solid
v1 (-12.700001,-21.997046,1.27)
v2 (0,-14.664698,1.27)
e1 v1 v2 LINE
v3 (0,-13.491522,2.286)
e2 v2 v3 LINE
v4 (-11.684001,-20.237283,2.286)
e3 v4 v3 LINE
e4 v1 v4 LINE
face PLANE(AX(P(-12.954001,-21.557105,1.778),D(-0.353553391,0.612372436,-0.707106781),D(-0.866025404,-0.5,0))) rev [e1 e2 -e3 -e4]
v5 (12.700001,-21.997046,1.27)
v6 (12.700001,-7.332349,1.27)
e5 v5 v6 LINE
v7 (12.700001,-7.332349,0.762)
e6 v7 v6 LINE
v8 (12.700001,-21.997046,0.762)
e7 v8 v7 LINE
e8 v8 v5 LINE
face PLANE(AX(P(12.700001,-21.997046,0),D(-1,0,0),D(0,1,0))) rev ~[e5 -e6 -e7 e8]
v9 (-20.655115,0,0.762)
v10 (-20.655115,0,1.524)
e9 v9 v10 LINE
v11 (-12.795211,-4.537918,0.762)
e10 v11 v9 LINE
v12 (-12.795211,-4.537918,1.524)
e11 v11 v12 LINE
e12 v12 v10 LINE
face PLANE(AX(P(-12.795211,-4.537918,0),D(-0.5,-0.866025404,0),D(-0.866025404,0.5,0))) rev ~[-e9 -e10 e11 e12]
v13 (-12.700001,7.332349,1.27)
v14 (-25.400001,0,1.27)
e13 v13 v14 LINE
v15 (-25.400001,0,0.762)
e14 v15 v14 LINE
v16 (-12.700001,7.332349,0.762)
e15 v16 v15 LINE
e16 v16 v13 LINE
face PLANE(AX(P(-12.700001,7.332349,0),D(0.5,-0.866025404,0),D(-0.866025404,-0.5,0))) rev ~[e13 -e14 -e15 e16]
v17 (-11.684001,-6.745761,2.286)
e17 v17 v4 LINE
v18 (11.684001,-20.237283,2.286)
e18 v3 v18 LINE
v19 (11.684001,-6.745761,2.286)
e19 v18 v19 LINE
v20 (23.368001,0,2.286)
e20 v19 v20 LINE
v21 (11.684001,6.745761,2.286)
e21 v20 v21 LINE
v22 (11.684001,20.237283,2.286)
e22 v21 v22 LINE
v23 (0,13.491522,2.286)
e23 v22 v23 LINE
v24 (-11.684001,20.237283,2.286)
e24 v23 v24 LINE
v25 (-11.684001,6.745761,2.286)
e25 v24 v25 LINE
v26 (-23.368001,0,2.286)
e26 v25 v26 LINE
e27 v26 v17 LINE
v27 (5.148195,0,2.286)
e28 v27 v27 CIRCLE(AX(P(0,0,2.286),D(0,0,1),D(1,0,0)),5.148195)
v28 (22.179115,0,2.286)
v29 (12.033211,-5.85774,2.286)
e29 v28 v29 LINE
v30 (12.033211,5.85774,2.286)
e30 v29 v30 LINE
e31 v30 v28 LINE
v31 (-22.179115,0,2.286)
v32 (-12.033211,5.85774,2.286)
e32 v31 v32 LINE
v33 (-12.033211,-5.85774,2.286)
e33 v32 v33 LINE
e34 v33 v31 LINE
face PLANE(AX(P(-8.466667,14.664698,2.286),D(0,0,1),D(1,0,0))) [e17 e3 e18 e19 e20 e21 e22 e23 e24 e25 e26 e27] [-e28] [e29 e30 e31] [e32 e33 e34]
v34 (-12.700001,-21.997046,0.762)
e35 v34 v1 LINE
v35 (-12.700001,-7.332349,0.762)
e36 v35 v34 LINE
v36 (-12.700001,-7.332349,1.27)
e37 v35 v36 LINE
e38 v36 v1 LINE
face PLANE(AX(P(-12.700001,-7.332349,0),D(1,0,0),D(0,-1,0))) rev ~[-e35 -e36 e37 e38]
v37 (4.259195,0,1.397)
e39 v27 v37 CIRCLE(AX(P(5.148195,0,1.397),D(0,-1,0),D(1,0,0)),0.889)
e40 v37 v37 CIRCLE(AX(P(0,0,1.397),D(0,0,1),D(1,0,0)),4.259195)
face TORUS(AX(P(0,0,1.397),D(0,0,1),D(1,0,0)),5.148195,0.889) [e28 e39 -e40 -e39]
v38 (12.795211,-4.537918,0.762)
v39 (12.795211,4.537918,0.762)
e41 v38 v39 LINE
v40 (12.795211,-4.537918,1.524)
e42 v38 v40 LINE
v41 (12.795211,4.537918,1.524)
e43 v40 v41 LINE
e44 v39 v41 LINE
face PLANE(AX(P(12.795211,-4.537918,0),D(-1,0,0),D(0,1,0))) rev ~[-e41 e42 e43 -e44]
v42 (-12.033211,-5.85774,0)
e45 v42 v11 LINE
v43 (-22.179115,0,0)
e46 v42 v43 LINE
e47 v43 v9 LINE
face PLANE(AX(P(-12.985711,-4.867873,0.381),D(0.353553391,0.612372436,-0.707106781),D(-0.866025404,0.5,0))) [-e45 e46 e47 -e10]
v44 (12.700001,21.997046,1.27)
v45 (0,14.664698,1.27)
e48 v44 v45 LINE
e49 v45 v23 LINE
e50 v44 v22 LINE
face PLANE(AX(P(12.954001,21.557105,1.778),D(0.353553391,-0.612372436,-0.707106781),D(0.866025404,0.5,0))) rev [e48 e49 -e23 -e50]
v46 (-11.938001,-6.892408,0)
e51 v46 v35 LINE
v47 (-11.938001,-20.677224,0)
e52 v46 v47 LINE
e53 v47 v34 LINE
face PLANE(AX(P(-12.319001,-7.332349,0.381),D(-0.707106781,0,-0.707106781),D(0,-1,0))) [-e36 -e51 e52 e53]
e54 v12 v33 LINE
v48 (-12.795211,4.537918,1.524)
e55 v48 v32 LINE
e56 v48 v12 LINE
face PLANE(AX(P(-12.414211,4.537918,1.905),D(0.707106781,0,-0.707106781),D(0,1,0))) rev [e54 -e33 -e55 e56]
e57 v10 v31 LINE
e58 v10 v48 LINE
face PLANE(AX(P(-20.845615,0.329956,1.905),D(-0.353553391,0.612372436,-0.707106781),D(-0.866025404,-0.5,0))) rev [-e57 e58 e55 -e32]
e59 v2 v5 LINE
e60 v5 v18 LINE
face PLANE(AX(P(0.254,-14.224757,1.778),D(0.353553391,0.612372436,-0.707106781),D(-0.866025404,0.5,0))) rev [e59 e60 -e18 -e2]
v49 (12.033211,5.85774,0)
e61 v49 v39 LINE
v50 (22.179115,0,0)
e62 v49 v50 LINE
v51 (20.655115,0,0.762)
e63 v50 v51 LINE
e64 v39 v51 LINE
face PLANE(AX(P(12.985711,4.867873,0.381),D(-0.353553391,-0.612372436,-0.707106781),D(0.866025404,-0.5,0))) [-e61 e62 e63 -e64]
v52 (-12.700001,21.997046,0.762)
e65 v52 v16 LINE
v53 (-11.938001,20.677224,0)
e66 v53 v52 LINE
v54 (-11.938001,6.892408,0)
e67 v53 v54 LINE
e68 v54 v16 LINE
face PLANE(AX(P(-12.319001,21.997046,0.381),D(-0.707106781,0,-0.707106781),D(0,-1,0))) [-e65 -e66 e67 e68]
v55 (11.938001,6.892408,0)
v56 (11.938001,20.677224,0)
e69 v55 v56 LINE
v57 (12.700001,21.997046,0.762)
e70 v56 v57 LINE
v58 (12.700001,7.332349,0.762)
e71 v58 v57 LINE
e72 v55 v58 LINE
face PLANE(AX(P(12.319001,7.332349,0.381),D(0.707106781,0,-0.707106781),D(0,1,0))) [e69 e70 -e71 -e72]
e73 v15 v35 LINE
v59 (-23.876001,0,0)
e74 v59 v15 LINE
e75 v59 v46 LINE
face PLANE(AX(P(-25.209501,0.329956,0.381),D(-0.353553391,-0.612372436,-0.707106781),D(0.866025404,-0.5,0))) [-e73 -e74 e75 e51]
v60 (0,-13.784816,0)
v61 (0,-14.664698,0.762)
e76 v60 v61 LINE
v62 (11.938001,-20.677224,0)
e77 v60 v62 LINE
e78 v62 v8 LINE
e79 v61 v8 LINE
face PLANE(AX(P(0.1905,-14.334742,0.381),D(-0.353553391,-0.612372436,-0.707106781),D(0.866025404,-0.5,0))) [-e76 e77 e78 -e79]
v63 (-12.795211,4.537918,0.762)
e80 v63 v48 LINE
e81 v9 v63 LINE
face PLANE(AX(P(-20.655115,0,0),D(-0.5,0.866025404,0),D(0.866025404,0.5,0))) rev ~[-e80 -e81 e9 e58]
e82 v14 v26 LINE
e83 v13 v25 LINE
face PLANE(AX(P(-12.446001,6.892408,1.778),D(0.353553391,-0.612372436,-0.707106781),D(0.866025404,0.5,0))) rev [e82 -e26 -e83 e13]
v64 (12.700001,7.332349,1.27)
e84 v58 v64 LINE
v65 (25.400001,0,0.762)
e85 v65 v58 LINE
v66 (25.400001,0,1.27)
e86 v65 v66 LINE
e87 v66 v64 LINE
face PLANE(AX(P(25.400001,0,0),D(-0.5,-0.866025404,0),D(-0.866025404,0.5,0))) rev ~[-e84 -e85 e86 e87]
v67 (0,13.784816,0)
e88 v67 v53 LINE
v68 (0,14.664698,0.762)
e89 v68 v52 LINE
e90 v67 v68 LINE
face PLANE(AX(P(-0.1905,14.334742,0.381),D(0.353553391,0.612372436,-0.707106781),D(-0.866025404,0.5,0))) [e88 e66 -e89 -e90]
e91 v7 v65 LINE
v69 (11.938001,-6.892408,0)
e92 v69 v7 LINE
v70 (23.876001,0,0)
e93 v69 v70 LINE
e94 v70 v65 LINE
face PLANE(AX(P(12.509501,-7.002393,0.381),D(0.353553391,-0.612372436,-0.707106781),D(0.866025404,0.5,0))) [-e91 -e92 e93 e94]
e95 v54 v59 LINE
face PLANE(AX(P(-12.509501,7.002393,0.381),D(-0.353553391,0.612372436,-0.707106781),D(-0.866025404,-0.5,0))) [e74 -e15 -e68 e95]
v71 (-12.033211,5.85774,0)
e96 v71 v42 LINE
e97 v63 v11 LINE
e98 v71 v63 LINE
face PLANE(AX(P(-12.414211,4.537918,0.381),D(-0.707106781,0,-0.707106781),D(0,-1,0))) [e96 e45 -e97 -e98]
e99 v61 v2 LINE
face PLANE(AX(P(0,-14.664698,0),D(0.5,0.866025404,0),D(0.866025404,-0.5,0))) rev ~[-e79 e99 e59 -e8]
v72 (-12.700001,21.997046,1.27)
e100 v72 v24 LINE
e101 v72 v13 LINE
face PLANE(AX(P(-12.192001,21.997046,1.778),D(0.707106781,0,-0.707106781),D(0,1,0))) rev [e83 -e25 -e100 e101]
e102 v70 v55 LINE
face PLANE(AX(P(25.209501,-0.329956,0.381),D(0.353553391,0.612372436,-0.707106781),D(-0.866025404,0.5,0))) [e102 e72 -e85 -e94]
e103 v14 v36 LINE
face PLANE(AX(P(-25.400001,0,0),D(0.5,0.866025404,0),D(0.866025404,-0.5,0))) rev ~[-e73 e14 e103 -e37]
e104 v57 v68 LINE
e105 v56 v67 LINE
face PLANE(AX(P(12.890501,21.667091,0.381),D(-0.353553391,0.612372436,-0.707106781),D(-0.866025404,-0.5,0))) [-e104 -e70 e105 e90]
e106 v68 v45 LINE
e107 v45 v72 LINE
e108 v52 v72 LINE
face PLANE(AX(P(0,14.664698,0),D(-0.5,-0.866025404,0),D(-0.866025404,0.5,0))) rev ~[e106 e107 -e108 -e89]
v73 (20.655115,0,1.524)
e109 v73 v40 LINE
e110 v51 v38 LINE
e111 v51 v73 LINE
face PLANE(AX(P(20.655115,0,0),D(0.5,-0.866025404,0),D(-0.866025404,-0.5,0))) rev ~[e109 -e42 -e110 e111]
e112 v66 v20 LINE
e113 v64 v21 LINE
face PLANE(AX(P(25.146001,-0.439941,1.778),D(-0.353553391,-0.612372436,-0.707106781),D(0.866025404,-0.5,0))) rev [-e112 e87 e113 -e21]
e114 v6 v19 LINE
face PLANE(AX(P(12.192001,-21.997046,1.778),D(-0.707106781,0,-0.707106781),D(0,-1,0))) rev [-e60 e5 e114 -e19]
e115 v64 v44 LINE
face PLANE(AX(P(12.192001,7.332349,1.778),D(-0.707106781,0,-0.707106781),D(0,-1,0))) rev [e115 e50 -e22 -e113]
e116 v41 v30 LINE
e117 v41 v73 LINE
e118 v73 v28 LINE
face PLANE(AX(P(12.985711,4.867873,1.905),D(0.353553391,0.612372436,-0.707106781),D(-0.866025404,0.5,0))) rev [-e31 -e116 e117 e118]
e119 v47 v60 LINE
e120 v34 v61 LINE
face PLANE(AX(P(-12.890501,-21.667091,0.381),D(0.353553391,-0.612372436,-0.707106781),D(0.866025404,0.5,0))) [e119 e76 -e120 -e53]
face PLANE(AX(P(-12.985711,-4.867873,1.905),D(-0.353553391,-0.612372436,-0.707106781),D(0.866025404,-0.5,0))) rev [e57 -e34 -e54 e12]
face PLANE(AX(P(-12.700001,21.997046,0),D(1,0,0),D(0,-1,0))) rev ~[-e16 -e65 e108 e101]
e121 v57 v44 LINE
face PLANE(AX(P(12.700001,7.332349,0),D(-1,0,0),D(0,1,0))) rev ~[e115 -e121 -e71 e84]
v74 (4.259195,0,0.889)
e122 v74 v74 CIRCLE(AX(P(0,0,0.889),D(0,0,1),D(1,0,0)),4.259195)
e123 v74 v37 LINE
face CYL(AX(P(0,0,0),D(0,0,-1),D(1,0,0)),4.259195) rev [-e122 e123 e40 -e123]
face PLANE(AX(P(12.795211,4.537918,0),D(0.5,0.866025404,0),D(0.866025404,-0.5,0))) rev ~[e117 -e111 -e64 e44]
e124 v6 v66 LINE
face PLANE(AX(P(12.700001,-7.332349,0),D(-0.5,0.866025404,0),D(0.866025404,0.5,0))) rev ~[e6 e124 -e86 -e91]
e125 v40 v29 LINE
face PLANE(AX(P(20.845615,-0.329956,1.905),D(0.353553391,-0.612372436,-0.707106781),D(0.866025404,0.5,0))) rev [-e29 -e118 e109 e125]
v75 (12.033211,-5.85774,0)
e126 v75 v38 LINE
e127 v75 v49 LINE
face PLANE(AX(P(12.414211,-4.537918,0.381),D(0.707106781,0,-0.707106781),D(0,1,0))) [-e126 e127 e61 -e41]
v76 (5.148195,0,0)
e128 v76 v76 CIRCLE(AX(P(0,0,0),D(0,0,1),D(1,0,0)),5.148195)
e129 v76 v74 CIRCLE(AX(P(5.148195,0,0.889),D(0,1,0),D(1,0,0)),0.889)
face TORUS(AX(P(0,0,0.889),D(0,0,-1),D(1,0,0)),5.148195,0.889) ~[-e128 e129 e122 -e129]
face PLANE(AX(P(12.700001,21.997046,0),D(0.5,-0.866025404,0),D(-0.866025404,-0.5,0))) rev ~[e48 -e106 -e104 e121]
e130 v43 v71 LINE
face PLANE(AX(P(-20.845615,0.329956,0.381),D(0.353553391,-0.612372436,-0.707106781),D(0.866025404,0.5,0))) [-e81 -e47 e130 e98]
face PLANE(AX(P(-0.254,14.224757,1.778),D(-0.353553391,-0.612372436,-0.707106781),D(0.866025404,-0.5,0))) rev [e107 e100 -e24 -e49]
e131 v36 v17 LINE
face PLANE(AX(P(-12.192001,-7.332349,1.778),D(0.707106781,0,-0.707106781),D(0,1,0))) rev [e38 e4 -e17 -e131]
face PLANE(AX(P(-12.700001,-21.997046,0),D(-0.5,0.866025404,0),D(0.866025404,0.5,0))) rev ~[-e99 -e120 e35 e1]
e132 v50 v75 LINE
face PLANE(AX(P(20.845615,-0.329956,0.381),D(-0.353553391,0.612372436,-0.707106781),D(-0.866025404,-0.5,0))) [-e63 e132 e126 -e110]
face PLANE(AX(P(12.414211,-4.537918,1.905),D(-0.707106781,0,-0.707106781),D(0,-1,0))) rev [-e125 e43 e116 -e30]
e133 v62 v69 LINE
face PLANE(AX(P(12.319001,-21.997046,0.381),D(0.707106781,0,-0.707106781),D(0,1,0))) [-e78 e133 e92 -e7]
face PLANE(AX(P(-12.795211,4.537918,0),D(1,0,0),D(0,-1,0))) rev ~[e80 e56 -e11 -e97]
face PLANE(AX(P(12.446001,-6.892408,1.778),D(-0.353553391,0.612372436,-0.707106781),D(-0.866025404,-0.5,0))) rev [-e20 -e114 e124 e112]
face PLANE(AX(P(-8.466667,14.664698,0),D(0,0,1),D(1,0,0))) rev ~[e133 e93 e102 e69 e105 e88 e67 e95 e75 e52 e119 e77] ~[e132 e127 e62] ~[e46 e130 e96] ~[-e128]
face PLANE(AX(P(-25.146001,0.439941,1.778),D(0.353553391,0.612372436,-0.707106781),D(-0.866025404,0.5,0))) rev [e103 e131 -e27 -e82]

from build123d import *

# Parameters (mm, degrees)
F0_R     = 4.2591952999
F1_DEPTH = 2.286
F2_SIZE  = 1.016
F3_R     = 0.889
F4_SIZE  = 0.762
F5_SIZE  = 0.762


with BuildPart() as f1:
    # F0 (on Top) → F1 (new body)
    with BuildSketch(Plane.XY):
        Polygon((0, 14.6646975499), (-12.700000617, 21.9970463248), (-12.700000617, 7.3323487749), align=None)
        Polygon((12.700000617, 21.9970463248), (0, 14.6646975499), (12.700000617, 7.3323487749), align=None)
        Polygon((12.700000617, 7.3323487749), (0, 14.6646975499), (-12.700000617, 7.3323487749), (-12.700000617, -7.3323487749), (0, -14.6646975499), (12.700000617, -7.3323487749), align=None)
        Circle(F0_R, mode=Mode.SUBTRACT)
        Polygon((-12.700000617, -7.3323487749), (-12.700000617, 7.3323487749), (-25.400001234, 0), align=None)
        Polygon((-20.6551154208, 0), (-12.7952113226, 4.5379177469), (-12.7952113226, -4.5379177469), align=None, mode=Mode.SUBTRACT)
        Polygon((25.400001234, 0), (12.700000617, 7.3323487749), (12.700000617, -7.3323487749), align=None)
        Polygon((12.7952113226, -4.5379177469), (12.7952113226, 4.5379177469), (20.6551154208, 0), align=None, mode=Mode.SUBTRACT)
        Polygon((0, -14.6646975499), (-12.700000617, -7.3323487749), (-12.700000617, -21.9970463248), align=None)
        Polygon((12.700000617, -21.9970463248), (12.700000617, -7.3323487749), (0, -14.6646975499), align=None)
    extrude(amount=F1_DEPTH)

    # F2
    f2_edges = [f1.edges().sort_by_distance(p)[0] for p in [
        (-6.35, 18.330872, 2.286),
        (-12.700001, 14.664698, 2.286),
        (-19.050001, 3.666174, 2.286),
        (-19.050001, -3.666174, 2.286),
        (-12.700001, -14.664698, 2.286),
        (-6.35, -18.330872, 2.286),
        (6.35, -18.330872, 2.286),
        (12.700001, -14.664698, 2.286),
        (19.050001, -3.666174, 2.286),
        (19.050001, 3.666174, 2.286),
        (12.700001, 14.664698, 2.286),
        (6.35, 18.330872, 2.286),
    ]]
    chamfer(f2_edges, length=F2_SIZE)

    # F3
    f3_edges = [f1.edges().sort_by_distance(p)[0] for p in [
        (-4.259195, 0, 0),
        (-4.259195, 0, 2.286),
    ]]
    fillet(f3_edges, radius=F3_R)

    # F4
    f4_edges = [f1.edges().sort_by_distance(p)[0] for p in [
        (-6.35, -18.330872, 0),
        (6.35, -18.330872, 0),
        (12.700001, -14.664698, 0),
        (19.050001, -3.666174, 0),
        (19.050001, 3.666174, 0),
        (12.700001, 14.664698, 0),
        (6.35, 18.330872, 0),
        (-6.35, 18.330872, 0),
        (-12.700001, 14.664698, 0),
        (-19.050001, 3.666174, 0),
        (-19.050001, -3.666174, 0),
        (-12.700001, -14.664698, 0),
    ]]
    chamfer(f4_edges, length=F4_SIZE)

    # F5
    f5_edges = [f1.edges().sort_by_distance(p)[0] for p in [
        (-16.725163, 2.268959, 2.286),
        (-12.795211, 0, 2.286),
        (-16.725163, -2.268959, 2.286),
        (12.795211, 0, 2.286),
        (16.725163, 2.268959, 2.286),
        (16.725163, -2.268959, 2.286),
        (16.725163, 2.268959, 0),
        (12.795211, 0, 0),
        (16.725163, -2.268959, 0),
        (-16.725163, 2.268959, 0),
        (-16.725163, -2.268959, 0),
        (-12.795211, 0, 0),
    ]]
    chamfer(f5_edges, length=F5_SIZE)


solid = f1.part
